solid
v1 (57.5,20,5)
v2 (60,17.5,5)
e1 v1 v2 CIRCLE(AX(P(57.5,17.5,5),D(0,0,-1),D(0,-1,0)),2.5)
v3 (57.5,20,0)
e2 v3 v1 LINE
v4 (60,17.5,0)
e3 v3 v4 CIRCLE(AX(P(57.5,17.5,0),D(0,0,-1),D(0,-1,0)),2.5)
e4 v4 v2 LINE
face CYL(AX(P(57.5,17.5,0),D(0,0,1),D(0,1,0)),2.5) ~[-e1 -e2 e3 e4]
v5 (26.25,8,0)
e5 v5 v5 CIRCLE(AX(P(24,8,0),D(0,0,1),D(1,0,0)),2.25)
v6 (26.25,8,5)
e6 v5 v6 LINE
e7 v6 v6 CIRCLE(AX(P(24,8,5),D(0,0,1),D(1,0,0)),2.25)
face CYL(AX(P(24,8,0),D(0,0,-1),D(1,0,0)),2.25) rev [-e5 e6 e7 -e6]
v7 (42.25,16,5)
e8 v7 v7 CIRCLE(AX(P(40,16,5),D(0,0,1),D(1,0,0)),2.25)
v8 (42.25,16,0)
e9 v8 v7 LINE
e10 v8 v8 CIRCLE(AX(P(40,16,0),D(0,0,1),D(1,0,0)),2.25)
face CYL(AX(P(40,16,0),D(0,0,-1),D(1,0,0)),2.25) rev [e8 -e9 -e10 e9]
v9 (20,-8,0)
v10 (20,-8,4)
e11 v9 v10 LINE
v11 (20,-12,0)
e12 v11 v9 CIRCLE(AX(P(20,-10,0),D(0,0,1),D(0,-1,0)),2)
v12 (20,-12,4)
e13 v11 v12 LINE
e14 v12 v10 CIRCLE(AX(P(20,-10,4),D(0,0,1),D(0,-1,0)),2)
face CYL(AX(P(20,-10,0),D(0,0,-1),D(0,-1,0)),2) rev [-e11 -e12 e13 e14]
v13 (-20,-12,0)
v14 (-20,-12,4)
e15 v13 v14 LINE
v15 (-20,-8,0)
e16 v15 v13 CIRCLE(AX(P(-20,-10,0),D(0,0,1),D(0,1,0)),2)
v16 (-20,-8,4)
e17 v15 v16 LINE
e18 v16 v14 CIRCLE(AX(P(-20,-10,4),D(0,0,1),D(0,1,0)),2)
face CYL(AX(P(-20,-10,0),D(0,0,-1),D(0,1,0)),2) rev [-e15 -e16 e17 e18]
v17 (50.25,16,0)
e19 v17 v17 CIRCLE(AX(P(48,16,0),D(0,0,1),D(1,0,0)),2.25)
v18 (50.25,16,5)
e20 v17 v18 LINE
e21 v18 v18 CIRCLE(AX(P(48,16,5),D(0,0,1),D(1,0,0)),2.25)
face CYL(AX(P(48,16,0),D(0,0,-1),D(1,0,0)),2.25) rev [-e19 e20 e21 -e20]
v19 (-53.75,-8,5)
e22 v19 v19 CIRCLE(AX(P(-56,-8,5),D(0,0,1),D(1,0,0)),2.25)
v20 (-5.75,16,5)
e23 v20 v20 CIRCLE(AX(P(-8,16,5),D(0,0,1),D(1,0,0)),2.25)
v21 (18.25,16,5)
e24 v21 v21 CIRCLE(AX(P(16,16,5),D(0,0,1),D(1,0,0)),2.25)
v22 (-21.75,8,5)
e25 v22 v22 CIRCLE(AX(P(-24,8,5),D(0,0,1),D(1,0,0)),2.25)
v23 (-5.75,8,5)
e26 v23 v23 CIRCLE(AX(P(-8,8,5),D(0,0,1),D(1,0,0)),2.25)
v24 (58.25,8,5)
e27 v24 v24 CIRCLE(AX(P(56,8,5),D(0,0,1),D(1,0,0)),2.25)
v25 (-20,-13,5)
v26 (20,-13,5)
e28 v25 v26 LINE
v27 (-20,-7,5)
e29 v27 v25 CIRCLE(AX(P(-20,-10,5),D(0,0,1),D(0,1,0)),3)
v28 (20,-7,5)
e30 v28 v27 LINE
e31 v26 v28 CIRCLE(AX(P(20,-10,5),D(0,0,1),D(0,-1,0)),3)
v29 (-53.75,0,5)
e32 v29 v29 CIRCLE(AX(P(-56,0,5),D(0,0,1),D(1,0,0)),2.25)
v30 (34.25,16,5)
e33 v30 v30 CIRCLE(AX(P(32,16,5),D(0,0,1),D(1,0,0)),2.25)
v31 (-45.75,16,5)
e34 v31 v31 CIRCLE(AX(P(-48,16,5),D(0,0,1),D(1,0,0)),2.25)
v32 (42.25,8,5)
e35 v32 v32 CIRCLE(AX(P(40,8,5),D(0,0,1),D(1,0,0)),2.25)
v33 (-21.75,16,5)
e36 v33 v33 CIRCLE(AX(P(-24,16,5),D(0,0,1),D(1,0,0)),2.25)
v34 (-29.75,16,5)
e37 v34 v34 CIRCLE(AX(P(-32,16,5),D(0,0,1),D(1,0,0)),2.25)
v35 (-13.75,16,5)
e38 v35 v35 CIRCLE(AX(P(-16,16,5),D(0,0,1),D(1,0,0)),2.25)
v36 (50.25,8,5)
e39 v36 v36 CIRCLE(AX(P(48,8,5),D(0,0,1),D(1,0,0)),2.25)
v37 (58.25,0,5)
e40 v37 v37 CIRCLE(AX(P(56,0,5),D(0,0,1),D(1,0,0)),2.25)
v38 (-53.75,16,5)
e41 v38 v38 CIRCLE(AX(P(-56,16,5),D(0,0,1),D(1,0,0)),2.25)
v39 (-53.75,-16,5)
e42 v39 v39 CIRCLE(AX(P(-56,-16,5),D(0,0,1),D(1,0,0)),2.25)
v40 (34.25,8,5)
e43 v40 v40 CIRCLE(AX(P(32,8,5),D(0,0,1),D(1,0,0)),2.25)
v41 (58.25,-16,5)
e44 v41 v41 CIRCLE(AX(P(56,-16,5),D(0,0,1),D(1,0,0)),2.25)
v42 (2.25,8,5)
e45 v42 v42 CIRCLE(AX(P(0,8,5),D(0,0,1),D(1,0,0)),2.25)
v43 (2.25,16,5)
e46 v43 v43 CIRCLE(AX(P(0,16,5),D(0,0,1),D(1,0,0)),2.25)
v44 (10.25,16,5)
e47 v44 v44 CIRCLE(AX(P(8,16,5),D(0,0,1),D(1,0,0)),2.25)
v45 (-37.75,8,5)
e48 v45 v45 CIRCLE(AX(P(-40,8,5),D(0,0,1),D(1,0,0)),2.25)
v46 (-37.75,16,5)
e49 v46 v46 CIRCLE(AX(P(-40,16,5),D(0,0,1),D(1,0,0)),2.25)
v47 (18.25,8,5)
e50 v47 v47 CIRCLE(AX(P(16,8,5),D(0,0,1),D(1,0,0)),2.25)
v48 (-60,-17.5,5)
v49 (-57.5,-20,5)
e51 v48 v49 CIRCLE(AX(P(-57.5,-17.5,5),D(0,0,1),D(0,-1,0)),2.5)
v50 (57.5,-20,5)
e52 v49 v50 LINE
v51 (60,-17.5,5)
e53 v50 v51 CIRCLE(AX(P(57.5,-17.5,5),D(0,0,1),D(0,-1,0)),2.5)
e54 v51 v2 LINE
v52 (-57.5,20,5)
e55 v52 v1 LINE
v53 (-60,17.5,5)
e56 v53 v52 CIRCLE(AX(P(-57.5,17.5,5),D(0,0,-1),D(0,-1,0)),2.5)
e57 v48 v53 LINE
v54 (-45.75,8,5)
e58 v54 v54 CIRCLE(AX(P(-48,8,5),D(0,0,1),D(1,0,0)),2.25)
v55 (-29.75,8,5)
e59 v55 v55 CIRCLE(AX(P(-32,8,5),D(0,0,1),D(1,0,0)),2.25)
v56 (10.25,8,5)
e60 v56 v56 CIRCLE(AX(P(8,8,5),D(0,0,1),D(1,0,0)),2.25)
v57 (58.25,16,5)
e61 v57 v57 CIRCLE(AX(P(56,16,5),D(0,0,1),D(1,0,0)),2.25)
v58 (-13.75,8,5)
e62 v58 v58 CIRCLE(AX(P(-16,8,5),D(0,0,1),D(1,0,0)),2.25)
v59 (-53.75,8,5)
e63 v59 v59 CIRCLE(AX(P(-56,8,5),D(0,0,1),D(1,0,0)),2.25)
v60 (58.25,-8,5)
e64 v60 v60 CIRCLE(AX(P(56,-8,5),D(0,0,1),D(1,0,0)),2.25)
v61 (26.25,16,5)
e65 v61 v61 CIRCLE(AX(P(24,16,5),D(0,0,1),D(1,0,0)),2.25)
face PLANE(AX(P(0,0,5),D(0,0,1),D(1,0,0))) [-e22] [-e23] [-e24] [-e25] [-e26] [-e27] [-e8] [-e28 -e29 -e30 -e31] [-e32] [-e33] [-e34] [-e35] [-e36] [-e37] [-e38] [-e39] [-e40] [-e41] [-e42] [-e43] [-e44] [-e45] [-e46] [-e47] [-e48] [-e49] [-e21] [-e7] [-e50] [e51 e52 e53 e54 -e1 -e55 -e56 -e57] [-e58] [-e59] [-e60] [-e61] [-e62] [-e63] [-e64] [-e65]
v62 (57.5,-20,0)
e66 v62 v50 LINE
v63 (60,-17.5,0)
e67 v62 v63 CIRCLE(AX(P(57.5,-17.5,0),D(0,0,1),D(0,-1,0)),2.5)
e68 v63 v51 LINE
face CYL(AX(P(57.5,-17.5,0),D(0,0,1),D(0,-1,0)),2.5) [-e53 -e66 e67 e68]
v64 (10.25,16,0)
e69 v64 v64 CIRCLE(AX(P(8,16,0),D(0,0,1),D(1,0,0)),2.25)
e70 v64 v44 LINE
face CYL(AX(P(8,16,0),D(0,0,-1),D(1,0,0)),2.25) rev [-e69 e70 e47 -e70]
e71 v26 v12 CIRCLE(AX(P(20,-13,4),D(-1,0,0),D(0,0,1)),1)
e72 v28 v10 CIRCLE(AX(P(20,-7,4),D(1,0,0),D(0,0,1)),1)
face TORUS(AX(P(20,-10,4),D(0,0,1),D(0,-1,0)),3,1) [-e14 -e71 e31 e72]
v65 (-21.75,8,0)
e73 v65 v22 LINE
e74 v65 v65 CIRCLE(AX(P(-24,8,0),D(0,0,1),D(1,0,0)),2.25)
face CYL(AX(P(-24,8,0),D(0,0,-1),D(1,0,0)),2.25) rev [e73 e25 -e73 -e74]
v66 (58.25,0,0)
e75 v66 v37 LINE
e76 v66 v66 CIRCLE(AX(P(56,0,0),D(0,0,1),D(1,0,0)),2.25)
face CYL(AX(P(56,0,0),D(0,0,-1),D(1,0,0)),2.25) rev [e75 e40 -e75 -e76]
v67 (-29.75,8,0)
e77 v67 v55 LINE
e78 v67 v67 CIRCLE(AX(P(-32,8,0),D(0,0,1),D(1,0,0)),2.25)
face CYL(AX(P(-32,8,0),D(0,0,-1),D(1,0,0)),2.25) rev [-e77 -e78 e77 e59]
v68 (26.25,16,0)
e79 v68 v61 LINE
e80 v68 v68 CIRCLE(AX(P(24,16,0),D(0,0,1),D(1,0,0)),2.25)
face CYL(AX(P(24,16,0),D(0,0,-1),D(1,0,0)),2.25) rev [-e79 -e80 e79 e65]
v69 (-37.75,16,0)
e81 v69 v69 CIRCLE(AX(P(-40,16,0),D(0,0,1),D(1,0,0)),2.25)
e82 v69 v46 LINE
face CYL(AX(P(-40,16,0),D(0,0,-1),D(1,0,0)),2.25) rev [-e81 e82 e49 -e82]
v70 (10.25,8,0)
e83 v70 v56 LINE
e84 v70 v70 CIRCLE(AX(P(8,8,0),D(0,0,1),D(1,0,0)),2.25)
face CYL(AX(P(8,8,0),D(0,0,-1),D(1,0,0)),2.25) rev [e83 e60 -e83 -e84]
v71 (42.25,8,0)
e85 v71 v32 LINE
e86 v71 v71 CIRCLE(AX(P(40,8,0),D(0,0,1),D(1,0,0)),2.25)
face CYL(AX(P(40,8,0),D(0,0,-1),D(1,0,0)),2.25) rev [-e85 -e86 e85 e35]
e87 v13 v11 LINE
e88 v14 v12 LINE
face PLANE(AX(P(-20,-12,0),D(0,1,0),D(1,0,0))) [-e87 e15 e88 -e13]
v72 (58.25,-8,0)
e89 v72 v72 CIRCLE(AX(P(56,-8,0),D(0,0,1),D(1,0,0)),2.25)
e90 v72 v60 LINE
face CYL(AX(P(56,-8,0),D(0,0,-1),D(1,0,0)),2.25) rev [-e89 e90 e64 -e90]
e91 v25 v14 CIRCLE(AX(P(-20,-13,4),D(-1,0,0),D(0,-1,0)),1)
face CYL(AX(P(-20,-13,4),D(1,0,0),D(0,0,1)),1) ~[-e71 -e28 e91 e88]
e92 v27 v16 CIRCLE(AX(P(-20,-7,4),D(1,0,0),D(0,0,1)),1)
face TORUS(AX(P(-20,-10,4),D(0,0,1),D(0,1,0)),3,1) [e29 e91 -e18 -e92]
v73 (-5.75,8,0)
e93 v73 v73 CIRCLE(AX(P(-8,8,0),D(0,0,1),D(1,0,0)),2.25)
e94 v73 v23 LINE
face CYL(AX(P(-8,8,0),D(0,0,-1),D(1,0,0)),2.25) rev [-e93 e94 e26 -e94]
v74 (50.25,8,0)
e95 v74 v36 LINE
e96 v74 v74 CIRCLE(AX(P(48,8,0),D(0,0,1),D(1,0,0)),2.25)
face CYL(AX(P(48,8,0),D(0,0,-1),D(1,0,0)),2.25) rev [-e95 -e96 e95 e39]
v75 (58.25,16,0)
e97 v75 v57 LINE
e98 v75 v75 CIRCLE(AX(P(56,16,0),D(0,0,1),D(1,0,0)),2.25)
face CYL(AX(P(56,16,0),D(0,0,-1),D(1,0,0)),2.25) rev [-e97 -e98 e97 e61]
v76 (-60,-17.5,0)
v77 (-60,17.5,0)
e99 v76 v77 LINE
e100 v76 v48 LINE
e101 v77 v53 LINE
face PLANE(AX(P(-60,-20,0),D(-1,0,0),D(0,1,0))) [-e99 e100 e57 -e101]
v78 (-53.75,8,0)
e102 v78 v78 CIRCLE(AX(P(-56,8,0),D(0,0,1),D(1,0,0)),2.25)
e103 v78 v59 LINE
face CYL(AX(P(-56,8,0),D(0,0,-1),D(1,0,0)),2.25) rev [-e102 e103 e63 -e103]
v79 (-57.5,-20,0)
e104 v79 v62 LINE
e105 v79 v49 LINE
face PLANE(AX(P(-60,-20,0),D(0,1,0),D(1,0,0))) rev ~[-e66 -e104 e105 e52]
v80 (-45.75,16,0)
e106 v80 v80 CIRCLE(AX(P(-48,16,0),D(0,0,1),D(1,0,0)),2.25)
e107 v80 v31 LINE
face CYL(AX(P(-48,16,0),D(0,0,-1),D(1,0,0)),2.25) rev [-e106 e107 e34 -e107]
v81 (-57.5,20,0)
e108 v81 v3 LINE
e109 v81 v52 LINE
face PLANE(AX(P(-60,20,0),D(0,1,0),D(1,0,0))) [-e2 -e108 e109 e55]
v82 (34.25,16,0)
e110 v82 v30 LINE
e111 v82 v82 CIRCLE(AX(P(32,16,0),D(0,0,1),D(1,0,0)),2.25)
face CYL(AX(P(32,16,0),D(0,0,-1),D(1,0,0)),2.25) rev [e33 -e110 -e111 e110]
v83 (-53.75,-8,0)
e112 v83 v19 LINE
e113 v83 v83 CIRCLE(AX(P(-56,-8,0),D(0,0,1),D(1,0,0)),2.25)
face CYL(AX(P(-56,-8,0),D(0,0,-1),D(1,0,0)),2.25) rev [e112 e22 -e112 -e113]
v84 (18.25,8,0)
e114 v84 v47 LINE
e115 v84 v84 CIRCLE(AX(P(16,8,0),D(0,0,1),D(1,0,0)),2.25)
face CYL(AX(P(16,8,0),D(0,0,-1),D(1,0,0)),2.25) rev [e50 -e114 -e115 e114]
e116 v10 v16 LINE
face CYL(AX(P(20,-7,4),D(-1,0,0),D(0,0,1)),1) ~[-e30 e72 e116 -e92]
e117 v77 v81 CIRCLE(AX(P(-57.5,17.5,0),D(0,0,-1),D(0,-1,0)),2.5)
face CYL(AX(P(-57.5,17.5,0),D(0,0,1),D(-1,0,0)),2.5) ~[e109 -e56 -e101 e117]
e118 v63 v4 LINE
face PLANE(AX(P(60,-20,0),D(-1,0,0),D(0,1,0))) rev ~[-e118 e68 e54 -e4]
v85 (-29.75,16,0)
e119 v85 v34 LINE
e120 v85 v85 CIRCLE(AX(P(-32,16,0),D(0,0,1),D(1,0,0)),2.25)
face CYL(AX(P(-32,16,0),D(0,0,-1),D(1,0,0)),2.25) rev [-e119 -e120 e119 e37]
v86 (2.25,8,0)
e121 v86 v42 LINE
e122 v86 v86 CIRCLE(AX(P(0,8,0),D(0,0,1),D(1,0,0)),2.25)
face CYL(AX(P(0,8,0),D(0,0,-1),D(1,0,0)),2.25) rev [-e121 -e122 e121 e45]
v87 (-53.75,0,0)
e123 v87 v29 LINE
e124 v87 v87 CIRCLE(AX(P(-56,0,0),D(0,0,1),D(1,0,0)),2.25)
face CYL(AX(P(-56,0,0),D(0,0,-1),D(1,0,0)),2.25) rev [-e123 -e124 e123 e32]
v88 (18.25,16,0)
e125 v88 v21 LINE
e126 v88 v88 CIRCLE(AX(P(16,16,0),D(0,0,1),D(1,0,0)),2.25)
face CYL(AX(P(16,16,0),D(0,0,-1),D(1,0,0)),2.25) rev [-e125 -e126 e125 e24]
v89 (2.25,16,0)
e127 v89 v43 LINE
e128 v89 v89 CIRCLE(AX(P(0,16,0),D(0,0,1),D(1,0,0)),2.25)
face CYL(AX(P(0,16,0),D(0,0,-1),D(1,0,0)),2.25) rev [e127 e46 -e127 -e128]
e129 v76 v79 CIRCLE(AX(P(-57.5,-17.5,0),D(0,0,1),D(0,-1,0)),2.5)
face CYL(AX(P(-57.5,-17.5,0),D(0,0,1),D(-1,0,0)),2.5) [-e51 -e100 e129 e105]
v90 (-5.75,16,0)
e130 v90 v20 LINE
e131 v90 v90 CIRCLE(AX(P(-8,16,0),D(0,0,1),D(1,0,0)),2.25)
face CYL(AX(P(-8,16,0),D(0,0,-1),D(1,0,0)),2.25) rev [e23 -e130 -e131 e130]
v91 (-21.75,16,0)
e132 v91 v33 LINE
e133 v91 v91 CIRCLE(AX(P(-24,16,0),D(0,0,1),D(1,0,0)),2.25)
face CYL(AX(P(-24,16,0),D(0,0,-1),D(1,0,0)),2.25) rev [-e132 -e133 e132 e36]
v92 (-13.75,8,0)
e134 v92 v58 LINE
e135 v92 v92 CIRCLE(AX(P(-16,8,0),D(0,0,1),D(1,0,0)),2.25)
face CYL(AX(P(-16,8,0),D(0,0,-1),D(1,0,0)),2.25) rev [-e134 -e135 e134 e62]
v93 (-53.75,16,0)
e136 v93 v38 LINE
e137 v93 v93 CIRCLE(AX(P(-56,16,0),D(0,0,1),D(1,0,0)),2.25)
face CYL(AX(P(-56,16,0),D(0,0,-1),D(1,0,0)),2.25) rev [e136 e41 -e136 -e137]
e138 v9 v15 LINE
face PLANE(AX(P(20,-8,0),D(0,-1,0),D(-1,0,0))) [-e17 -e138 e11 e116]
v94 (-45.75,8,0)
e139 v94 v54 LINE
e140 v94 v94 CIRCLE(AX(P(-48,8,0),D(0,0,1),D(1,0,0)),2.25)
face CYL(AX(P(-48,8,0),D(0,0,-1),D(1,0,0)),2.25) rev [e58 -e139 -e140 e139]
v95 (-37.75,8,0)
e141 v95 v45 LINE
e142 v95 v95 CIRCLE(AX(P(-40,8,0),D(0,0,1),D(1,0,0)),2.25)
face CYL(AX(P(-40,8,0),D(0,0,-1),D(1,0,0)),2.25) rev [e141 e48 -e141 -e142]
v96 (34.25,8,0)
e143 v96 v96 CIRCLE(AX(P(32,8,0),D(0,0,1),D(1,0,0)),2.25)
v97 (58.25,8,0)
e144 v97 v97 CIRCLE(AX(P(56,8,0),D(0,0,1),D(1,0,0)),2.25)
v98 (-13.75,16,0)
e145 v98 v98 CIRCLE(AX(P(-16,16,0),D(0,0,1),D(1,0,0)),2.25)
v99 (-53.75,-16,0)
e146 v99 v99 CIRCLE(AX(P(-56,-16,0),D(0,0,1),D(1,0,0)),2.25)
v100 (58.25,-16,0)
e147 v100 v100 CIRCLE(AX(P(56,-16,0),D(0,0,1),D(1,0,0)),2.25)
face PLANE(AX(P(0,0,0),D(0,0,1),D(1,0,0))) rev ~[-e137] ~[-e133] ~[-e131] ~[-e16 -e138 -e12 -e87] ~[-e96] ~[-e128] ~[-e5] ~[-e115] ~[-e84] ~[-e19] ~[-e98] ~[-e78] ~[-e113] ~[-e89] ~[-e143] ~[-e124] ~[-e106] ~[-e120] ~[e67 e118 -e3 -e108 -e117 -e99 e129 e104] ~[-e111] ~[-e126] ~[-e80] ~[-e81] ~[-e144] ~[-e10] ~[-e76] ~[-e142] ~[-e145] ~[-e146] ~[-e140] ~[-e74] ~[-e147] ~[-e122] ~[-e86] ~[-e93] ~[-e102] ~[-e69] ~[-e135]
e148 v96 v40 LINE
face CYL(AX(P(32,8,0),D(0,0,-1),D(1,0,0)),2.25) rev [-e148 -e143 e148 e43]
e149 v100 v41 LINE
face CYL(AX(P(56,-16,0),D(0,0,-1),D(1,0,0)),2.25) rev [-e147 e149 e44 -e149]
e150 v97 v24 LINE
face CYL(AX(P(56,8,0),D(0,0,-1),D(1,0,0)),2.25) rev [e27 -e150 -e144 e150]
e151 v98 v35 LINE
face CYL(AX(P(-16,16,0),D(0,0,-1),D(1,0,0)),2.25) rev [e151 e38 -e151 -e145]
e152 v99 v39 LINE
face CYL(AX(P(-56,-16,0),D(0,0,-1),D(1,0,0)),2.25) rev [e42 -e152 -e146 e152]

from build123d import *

# Parameters (mm, degrees)
SKETCH_1_W      = 120
SKETCH_1_H      = 40
SKETCH_1_R      = 2.25
EXTRUDE_1_DEPTH = 5
FILLET_1_R      = 2.5
FILLET_2_R      = 1


with BuildPart() as part:
    # 草图1 → 凸台-拉伸1 (new body)
    with BuildSketch(Plane.XY):
        Rectangle(SKETCH_1_W, SKETCH_1_H)
        with Locations((-56, -16)):
            Circle(SKETCH_1_R, mode=Mode.SUBTRACT)
        with Locations((-56, -8)):
            Circle(SKETCH_1_R, mode=Mode.SUBTRACT)
        with Locations((-56, 0)):
            Circle(SKETCH_1_R, mode=Mode.SUBTRACT)
        with Locations((-56, 8)):
            Circle(SKETCH_1_R, mode=Mode.SUBTRACT)
        with Locations((-56, 16)):
            Circle(SKETCH_1_R, mode=Mode.SUBTRACT)
        with Locations((56, 16)):
            Circle(SKETCH_1_R, mode=Mode.SUBTRACT)
        with Locations((56, 8)):
            Circle(SKETCH_1_R, mode=Mode.SUBTRACT)
        with Locations((56, 0)):
            Circle(SKETCH_1_R, mode=Mode.SUBTRACT)
        with Locations((56, -16)):
            Circle(SKETCH_1_R, mode=Mode.SUBTRACT)
        with Locations((56, -8)):
            Circle(SKETCH_1_R, mode=Mode.SUBTRACT)
        with Locations((-48, 16)):
            Circle(SKETCH_1_R, mode=Mode.SUBTRACT)
        with Locations((-48, 8)):
            Circle(SKETCH_1_R, mode=Mode.SUBTRACT)
        with Locations((-40, 16)):
            Circle(SKETCH_1_R, mode=Mode.SUBTRACT)
        with Locations((-40, 8)):
            Circle(SKETCH_1_R, mode=Mode.SUBTRACT)
        with Locations((-32, 16)):
            Circle(SKETCH_1_R, mode=Mode.SUBTRACT)
        with Locations((-32, 8)):
            Circle(SKETCH_1_R, mode=Mode.SUBTRACT)
        with Locations((-24, 16)):
            Circle(SKETCH_1_R, mode=Mode.SUBTRACT)
        with Locations((-24, 8)):
            Circle(SKETCH_1_R, mode=Mode.SUBTRACT)
        with Locations((-16, 16)):
            Circle(SKETCH_1_R, mode=Mode.SUBTRACT)
        with Locations((-16, 8)):
            Circle(SKETCH_1_R, mode=Mode.SUBTRACT)
        with Locations((-8, 16)):
            Circle(SKETCH_1_R, mode=Mode.SUBTRACT)
        with Locations((-8, 8)):
            Circle(SKETCH_1_R, mode=Mode.SUBTRACT)
        with Locations((0, 16)):
            Circle(SKETCH_1_R, mode=Mode.SUBTRACT)
        with Locations((0, 8)):
            Circle(SKETCH_1_R, mode=Mode.SUBTRACT)
        with Locations((8, 16)):
            Circle(SKETCH_1_R, mode=Mode.SUBTRACT)
        with Locations((8, 8)):
            Circle(SKETCH_1_R, mode=Mode.SUBTRACT)
        with Locations((16, 16)):
            Circle(SKETCH_1_R, mode=Mode.SUBTRACT)
        with Locations((16, 8)):
            Circle(SKETCH_1_R, mode=Mode.SUBTRACT)
        with Locations((24, 16)):
            Circle(SKETCH_1_R, mode=Mode.SUBTRACT)
        with Locations((24, 8)):
            Circle(SKETCH_1_R, mode=Mode.SUBTRACT)
        with Locations((32, 16)):
            Circle(SKETCH_1_R, mode=Mode.SUBTRACT)
        with Locations((32, 8)):
            Circle(SKETCH_1_R, mode=Mode.SUBTRACT)
        with Locations((40, 16)):
            Circle(SKETCH_1_R, mode=Mode.SUBTRACT)
        with Locations((40, 8)):
            Circle(SKETCH_1_R, mode=Mode.SUBTRACT)
        with Locations((48, 16)):
            Circle(SKETCH_1_R, mode=Mode.SUBTRACT)
        with Locations((48, 8)):
            Circle(SKETCH_1_R, mode=Mode.SUBTRACT)
        with BuildLine():
            Line((20, -8), (-20, -8))
            ThreePointArc((-20, -8), (-22, -10), (-20, -12))
            Line((-20, -12), (20, -12))
            ThreePointArc((20, -12), (22, -10), (20, -8))
        make_face(mode=Mode.SUBTRACT)
    extrude(amount=EXTRUDE_1_DEPTH)

    # 圆角1
    fillet_1_edges = [part.edges().sort_by_distance(p)[0] for p in [
        (60, -20, 2.5),
        (-60, -20, 2.5),
        (-60, 20, 2.5),
        (60, 20, 2.5),
    ]]
    fillet(fillet_1_edges, radius=FILLET_1_R)

    # 圆角2
    fillet_2_edges = [part.edges().sort_by_distance(p)[0] for p in [
        (0, -8, 5),
        (22, -10, 5),
        (0, -12, 5),
        (-22, -10, 5),
    ]]
    fillet(fillet_2_edges, radius=FILLET_2_R)


solid = part.part
